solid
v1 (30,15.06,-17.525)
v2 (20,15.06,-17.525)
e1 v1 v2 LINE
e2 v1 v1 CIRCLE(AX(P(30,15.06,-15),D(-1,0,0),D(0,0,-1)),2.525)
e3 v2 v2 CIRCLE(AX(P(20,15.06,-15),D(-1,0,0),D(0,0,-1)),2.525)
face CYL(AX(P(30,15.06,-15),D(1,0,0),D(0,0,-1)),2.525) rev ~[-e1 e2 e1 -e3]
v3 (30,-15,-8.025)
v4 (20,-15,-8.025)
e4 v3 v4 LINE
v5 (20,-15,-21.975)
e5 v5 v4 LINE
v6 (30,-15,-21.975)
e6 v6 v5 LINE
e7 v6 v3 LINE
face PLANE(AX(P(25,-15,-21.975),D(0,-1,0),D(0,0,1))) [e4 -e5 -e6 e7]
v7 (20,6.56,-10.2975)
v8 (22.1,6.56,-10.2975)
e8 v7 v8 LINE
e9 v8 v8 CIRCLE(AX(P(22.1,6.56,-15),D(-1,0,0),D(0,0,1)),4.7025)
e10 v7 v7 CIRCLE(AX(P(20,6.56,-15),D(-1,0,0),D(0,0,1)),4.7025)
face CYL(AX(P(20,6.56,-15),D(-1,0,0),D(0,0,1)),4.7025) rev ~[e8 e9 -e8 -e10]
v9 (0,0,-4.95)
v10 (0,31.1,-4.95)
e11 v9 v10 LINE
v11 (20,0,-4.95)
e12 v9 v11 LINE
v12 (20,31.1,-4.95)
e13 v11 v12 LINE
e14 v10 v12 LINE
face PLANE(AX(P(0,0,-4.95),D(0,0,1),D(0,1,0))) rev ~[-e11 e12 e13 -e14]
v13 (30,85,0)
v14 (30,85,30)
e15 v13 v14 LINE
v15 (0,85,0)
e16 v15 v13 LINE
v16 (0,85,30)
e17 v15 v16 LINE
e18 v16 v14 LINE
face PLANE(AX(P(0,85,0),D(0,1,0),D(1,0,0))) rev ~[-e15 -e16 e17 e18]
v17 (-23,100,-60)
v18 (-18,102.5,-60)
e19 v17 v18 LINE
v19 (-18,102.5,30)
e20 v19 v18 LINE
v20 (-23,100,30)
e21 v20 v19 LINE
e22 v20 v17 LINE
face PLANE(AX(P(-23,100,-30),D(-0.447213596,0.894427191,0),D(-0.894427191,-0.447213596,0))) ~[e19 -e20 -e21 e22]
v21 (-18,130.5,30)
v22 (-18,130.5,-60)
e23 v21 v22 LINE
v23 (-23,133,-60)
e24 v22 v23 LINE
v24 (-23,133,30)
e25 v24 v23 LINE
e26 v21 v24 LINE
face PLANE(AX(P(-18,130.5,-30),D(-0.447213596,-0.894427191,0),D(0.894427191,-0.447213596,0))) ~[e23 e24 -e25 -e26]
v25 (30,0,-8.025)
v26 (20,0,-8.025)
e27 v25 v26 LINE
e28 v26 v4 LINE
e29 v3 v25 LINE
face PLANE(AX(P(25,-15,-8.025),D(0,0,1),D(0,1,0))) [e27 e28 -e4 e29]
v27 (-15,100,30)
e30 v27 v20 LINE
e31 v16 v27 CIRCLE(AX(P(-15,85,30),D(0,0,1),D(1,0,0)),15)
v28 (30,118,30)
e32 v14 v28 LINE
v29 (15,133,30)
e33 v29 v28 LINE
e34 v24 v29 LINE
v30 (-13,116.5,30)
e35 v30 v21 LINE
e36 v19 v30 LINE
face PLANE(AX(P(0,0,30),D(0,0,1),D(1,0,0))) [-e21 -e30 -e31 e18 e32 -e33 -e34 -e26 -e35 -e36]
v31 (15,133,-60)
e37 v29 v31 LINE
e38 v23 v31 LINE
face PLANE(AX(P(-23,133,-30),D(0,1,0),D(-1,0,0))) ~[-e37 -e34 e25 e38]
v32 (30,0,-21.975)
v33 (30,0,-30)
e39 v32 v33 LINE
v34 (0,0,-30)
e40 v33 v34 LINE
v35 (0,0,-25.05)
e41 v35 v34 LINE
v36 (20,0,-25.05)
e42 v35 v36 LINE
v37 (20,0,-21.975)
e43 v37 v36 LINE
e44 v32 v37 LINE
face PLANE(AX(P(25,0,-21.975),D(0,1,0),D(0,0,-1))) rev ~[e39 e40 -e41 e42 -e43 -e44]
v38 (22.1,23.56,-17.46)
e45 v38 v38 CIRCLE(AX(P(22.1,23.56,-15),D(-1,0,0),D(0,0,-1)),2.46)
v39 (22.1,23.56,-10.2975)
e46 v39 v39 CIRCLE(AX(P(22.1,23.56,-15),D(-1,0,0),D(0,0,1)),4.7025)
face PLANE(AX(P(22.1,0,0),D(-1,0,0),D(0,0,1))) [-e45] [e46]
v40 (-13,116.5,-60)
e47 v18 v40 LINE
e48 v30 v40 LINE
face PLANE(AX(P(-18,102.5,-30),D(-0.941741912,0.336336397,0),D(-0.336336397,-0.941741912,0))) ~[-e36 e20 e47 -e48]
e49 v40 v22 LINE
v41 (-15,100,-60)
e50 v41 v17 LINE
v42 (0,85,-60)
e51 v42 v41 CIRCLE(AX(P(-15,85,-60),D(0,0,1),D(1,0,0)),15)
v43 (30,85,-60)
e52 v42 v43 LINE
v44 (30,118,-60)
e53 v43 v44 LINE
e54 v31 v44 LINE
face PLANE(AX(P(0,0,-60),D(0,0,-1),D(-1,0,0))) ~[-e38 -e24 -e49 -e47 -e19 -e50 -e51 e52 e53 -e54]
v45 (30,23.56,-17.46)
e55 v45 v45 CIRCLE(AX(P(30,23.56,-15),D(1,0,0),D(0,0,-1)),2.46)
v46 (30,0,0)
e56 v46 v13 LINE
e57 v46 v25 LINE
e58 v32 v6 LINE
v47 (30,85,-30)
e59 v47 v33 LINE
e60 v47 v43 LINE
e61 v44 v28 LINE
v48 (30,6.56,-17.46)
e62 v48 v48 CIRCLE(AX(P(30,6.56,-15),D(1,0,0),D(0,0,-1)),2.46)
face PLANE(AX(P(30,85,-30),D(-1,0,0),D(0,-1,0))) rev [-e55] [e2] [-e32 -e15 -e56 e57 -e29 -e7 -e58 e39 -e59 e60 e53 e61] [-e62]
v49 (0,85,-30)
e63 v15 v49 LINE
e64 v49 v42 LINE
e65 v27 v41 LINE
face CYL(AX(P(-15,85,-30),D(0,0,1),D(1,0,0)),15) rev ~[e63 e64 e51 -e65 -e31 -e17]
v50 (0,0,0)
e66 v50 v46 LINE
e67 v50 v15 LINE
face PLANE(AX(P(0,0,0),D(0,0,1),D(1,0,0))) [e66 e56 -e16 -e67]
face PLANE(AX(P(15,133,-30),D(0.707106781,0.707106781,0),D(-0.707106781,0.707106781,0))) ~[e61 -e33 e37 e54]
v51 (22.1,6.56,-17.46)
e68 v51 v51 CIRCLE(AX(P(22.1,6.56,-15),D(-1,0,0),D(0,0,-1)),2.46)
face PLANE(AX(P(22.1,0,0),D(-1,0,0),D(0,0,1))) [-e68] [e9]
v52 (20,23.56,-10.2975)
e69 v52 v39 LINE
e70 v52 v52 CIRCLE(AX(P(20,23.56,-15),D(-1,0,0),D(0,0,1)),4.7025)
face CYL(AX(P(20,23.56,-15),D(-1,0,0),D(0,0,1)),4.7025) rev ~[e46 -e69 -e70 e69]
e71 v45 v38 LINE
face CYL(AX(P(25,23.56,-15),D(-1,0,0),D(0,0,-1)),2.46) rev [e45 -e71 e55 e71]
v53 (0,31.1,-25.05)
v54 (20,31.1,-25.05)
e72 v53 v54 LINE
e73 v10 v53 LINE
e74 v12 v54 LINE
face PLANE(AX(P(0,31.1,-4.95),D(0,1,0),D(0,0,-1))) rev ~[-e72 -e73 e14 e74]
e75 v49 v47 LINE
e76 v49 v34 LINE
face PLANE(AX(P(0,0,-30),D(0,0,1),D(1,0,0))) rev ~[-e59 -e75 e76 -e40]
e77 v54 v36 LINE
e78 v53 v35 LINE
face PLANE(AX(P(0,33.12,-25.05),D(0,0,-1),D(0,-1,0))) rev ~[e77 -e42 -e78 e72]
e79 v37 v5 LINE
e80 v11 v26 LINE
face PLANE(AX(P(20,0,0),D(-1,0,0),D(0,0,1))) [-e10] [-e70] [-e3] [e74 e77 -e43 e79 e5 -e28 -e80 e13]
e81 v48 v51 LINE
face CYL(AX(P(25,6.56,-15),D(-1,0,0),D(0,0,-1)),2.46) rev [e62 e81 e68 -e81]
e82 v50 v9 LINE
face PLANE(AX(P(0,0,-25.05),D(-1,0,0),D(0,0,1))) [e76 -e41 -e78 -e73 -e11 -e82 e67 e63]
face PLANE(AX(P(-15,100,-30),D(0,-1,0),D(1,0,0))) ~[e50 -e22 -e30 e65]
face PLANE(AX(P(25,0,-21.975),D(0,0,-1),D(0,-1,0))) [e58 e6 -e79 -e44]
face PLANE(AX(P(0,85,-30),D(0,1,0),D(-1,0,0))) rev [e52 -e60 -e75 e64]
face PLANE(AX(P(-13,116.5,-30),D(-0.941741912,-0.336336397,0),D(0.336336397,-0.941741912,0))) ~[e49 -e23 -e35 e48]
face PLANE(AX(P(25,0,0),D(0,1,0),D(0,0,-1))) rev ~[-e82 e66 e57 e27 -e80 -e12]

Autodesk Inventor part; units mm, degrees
ref_plane "YZ Plane" through (0, 0, 0) normal (1, 0, 0) x (0, 1, 0)
ref_plane "XZ Plane" through (0, 0, 0) normal (0, 1, 0) x (-1, 0, 0)
sketch "Sketch1" plane through (0, 0, 0) normal (0, 0, 1) x (1, 0, 0)
  line L0 (0, 0) -> (25, 0)
  line L1 (25, 0) -> (25, 40)
  line L2 (25, 40) -> (0, 40)
  line L3 (0, 40) -> (0, 0)
  dimension "d1" = 25
  dimension "d2" = 40
  dimension "d3" = 25
extrude "Extrusion1" add sketch "Sketch1" against normal blind 30
sketch "Sketch2" plane through (25, 0, 0) normal (1, 0, 0) x (0, 0, -1)
  line L0 (0, 0) -> (30, 0) projected
  circle A0 centre (15, 6.56) radius 2.46
extrude "Extrusion2" cut sketch "Sketch2" against normal blind 30
sketch "Sketch3" plane through (0, 0, 0) normal (-1, 0, 0) x (0, 0, 1)
  line L0 (0, 0) -> (-30, 0) projected
  line L1 (-25.05, 0) -> (-4.95, 0)
  line L2 (-4.95, 0) -> (-4.95, 33.12)
  line L3 (-4.95, 33.12) -> (-25.05, 33.12)
  line L4 (-25.05, 33.12) -> (-25.05, 0)
  dimension "d11" = 20.1
extrude "Extrusion3" cut sketch "Sketch3" against normal blind 20
sketch "Sketch4" plane through (0, 0, 0) normal (0, -1, 0) x (1, 0, 0)
  line L0 (20, -4.95) -> (20, -25.05) projected
  line L1 (20, -15) -> (25, -15)
  line L2 (25, 0) -> (25, -30) projected
  line L3 (20, -8.025) -> (25, -8.025)
  line L4 (25, -8.025) -> (25, -21.975)
  line L5 (25, -21.975) -> (20, -21.975)
  line L6 (20, -21.975) -> (20, -8.025)
  line L7 (20, -8.025) -> (25, -21.975) construction
  line L8 (25, -8.025) -> (20, -21.975) construction
  line L9 (25, -12.54) -> (25, -17.46) projected
  point P0 (0, 0)
  point P1 (22.5, -15)
  dimension "d14" = 13.95
extrude "Extrusion4" add sketch "Sketch4" along normal blind 15
sketch "Sketch5" plane through (20, 0, 0) normal (-1, 0, 0) x (0, 0, 1)
  circle A0 centre (-15, 6.56) radius 2.46 projected
  circle A1 centre (-15, 6.56) radius 4.7025
  circle A2 centre (-15, 6.56) radius 2.46 projected
  circle A3 centre (-15, 6.56) radius 2.46
  point P0 (0, 0)
  dimension "d17" = 9.405
extrude "Extrusion5" cut sketch "Sketch5" against normal blind 2.1
sketch "Sketch6" plane through (25, 0, 0) normal (1, 0, 0) x (0, 0, -1)
  circle A0 centre (15, 6.56) radius 4.7025 projected
  line L0 (15, 6.56) -> (15, 23.56)
  circle A1 centre (15, 23.56) radius 2.46
  point P0 (0, 0)
  dimension "d20" = 17
  dimension "d21" = 4.92
extrude "Extrusion6" cut sketch "Sketch6" against normal blind 10 contours A1
sketch "Sketch7" plane through (20, 0, 0) normal (-1, 0, 0) x (0, 0, 1)
  circle A0 centre (-15, 23.56) radius 2.46 projected
  circle A1 centre (-15, 23.56) radius 4.7025
  point P0 (0, 0)
  dimension "d24" = 9.405
extrude "Extrusion7" cut sketch "Sketch7" against normal blind 2.1
sketch "Sketch9" plane through (25, 0, 0) normal (1, 0, 0) x (0, 0, -1)
  circle A0 centre (15, 6.56) radius 2.46 projected
  circle A1 centre (15, 6.56) radius 2.46
  circle A2 centre (15, 23.56) radius 2.46 projected
  circle A3 centre (15, 23.56) radius 2.46
  line L0 (30, 40) -> (30, 0) projected
  line L1 (30, 0) -> (30, 40)
  line L2 (30, 40) -> (0, 40)
  line L3 (0, 40) -> (0, 0)
  line L4 (0, 0) -> (8.025, 0) projected
  line L5 (21.975, 0) -> (21.975, -15)
  line L6 (21.975, -15) -> (8.025, -15)
  line L7 (8.025, -15) -> (8.025, 0)
  line L8 (0, 0) -> (8.025, 0)
  line L9 (21.975, 0) -> (30, 0)
extrude "Extrusion8" add sketch "Sketch9" along normal blind 5
sketch "Sketch10" plane through (0, 40, 0) normal (0, 1, 0) x (1, 0, 0)
  line L0 (0, 30) -> (30, 30) projected
  line L1 (30, 0) -> (0, 0) projected
  line L2 (0, 30) -> (30, 30)
  line L3 (30, 30) -> (30, 0)
  line L4 (30, 0) -> (0, 0)
  line L5 (0, 0) -> (0, 30)
extrude "Extrusion9" add sketch "Sketch10" along normal blind 30
sketch "Sketch12" plane through (30, 0, 0) normal (1, 0, 0) x (0, 0, -1)
  circle A0 centre (15, 6.56) radius 2.46 projected
  line L0 (15, 6.56) -> (15, 15.06)
  circle A1 centre (15, 15.06) radius 2.525
  point P0 (0, 0)
  dimension "d31" = 8.5
  dimension "d33" = 5.05
extrude "Extrusion10" cut sketch "Sketch12" against normal blind 30 contours A1
sketch "Sketch14" plane through (0, 0, 0) normal (0, 0, 1) x (1, 0, 0)
  line L0 (30, 70) -> (0, 70) projected
  line L1 (0, 70) -> (0, 85)
  line L2 (-15, 100) -> (-23, 100)
  line L3 (30, 0) -> (30, 70) projected
  line L4 (30, 118) -> (30, 70)
  arc A0 (0, 85) -> (-15, 100) centre (-15, 85) ccw
  line L5 (30, 105) -> (30, 100)
  line L6 (-23, 133) -> (15, 133)
  line L7 (-18, 130.5) -> (-23, 133)
  line L8 (-18, 130.5) -> (-13, 116.5)
  line L9 (-18, 102.5) -> (-23, 100)
  line L10 (-18, 102.5) -> (-13, 116.5)
  line L11 (30, 118) -> (15, 133)
  point P0 (0, 0)
  point P1 (0, 100)
  dimension "d47" = 30
  dimension "d54" = 15
extrude "Extrusion12" add sketch "Sketch14" against normal blind 30
sketch "Sketch15" plane through (0, 0, -25.05) normal (-1, 0, 0) x (0, 0, 1)
  line L0 (0, 33.12) -> (20.1, 33.12) projected
  line L1 (20.1, 33.12) -> (20.1, 0) projected
  line L2 (0, 33.12) -> (20.1, 33.12)
  line L3 (20.1, 33.12) -> (20.1, 31.1)
  line L4 (20.1, 31.1) -> (0, 31.1)
  line L5 (0, 31.1) -> (0, 33.12)
  point P0 (25.05, 0)
  dimension "d57" = 2.02
extrude "Extrusion13" add sketch "Sketch15" against normal blind 20
sketch "Sketch21" plane through (0, 0, 0) normal (0, 0, 1) x (1, 0, 0)
  arc A0 (0, 85) -> (-15, 100) centre (-15, 85) ccw projected
  arc A1 (0, 85) -> (-15, 100) centre (-15, 85) ccw
  line L0 (-15, 100) -> (-23, 100) projected
  line L1 (-15, 100) -> (-23, 100)
  line L2 (-23, 100) -> (-18, 102.5) projected
  line L3 (-23, 100) -> (-18, 102.5)
  line L4 (-18, 102.5) -> (-13, 116.5) projected
  line L5 (-18, 102.5) -> (-13, 116.5)
  line L6 (-13, 116.5) -> (-18, 130.5) projected
  line L7 (-13, 116.5) -> (-18, 130.5)
  line L8 (-18, 130.5) -> (-23, 133) projected
  line L9 (-18, 130.5) -> (-23, 133)
  line L10 (-23, 133) -> (15, 133) projected
  line L11 (-23, 133) -> (15, 133)
  line L12 (15, 133) -> (30, 118) projected
  line L13 (15, 133) -> (30, 118)
  line L14 (0, 85) -> (30, 85)
  line L15 (30, 85) -> (30, 118)
  point P0 (0, 0)
extrude "Extrusion14" add sketch "Sketch21" along normal blind 30
ref_plane "Work Plane1" through (0, 0, -15) normal (0, 0, 1) x (1, 0, 0)
mirror "Mirror1" about plane through (0, 0, -15) normal (0, 0, 1) of "Extrusion14"
properties part number "28mm_x_90mm"
